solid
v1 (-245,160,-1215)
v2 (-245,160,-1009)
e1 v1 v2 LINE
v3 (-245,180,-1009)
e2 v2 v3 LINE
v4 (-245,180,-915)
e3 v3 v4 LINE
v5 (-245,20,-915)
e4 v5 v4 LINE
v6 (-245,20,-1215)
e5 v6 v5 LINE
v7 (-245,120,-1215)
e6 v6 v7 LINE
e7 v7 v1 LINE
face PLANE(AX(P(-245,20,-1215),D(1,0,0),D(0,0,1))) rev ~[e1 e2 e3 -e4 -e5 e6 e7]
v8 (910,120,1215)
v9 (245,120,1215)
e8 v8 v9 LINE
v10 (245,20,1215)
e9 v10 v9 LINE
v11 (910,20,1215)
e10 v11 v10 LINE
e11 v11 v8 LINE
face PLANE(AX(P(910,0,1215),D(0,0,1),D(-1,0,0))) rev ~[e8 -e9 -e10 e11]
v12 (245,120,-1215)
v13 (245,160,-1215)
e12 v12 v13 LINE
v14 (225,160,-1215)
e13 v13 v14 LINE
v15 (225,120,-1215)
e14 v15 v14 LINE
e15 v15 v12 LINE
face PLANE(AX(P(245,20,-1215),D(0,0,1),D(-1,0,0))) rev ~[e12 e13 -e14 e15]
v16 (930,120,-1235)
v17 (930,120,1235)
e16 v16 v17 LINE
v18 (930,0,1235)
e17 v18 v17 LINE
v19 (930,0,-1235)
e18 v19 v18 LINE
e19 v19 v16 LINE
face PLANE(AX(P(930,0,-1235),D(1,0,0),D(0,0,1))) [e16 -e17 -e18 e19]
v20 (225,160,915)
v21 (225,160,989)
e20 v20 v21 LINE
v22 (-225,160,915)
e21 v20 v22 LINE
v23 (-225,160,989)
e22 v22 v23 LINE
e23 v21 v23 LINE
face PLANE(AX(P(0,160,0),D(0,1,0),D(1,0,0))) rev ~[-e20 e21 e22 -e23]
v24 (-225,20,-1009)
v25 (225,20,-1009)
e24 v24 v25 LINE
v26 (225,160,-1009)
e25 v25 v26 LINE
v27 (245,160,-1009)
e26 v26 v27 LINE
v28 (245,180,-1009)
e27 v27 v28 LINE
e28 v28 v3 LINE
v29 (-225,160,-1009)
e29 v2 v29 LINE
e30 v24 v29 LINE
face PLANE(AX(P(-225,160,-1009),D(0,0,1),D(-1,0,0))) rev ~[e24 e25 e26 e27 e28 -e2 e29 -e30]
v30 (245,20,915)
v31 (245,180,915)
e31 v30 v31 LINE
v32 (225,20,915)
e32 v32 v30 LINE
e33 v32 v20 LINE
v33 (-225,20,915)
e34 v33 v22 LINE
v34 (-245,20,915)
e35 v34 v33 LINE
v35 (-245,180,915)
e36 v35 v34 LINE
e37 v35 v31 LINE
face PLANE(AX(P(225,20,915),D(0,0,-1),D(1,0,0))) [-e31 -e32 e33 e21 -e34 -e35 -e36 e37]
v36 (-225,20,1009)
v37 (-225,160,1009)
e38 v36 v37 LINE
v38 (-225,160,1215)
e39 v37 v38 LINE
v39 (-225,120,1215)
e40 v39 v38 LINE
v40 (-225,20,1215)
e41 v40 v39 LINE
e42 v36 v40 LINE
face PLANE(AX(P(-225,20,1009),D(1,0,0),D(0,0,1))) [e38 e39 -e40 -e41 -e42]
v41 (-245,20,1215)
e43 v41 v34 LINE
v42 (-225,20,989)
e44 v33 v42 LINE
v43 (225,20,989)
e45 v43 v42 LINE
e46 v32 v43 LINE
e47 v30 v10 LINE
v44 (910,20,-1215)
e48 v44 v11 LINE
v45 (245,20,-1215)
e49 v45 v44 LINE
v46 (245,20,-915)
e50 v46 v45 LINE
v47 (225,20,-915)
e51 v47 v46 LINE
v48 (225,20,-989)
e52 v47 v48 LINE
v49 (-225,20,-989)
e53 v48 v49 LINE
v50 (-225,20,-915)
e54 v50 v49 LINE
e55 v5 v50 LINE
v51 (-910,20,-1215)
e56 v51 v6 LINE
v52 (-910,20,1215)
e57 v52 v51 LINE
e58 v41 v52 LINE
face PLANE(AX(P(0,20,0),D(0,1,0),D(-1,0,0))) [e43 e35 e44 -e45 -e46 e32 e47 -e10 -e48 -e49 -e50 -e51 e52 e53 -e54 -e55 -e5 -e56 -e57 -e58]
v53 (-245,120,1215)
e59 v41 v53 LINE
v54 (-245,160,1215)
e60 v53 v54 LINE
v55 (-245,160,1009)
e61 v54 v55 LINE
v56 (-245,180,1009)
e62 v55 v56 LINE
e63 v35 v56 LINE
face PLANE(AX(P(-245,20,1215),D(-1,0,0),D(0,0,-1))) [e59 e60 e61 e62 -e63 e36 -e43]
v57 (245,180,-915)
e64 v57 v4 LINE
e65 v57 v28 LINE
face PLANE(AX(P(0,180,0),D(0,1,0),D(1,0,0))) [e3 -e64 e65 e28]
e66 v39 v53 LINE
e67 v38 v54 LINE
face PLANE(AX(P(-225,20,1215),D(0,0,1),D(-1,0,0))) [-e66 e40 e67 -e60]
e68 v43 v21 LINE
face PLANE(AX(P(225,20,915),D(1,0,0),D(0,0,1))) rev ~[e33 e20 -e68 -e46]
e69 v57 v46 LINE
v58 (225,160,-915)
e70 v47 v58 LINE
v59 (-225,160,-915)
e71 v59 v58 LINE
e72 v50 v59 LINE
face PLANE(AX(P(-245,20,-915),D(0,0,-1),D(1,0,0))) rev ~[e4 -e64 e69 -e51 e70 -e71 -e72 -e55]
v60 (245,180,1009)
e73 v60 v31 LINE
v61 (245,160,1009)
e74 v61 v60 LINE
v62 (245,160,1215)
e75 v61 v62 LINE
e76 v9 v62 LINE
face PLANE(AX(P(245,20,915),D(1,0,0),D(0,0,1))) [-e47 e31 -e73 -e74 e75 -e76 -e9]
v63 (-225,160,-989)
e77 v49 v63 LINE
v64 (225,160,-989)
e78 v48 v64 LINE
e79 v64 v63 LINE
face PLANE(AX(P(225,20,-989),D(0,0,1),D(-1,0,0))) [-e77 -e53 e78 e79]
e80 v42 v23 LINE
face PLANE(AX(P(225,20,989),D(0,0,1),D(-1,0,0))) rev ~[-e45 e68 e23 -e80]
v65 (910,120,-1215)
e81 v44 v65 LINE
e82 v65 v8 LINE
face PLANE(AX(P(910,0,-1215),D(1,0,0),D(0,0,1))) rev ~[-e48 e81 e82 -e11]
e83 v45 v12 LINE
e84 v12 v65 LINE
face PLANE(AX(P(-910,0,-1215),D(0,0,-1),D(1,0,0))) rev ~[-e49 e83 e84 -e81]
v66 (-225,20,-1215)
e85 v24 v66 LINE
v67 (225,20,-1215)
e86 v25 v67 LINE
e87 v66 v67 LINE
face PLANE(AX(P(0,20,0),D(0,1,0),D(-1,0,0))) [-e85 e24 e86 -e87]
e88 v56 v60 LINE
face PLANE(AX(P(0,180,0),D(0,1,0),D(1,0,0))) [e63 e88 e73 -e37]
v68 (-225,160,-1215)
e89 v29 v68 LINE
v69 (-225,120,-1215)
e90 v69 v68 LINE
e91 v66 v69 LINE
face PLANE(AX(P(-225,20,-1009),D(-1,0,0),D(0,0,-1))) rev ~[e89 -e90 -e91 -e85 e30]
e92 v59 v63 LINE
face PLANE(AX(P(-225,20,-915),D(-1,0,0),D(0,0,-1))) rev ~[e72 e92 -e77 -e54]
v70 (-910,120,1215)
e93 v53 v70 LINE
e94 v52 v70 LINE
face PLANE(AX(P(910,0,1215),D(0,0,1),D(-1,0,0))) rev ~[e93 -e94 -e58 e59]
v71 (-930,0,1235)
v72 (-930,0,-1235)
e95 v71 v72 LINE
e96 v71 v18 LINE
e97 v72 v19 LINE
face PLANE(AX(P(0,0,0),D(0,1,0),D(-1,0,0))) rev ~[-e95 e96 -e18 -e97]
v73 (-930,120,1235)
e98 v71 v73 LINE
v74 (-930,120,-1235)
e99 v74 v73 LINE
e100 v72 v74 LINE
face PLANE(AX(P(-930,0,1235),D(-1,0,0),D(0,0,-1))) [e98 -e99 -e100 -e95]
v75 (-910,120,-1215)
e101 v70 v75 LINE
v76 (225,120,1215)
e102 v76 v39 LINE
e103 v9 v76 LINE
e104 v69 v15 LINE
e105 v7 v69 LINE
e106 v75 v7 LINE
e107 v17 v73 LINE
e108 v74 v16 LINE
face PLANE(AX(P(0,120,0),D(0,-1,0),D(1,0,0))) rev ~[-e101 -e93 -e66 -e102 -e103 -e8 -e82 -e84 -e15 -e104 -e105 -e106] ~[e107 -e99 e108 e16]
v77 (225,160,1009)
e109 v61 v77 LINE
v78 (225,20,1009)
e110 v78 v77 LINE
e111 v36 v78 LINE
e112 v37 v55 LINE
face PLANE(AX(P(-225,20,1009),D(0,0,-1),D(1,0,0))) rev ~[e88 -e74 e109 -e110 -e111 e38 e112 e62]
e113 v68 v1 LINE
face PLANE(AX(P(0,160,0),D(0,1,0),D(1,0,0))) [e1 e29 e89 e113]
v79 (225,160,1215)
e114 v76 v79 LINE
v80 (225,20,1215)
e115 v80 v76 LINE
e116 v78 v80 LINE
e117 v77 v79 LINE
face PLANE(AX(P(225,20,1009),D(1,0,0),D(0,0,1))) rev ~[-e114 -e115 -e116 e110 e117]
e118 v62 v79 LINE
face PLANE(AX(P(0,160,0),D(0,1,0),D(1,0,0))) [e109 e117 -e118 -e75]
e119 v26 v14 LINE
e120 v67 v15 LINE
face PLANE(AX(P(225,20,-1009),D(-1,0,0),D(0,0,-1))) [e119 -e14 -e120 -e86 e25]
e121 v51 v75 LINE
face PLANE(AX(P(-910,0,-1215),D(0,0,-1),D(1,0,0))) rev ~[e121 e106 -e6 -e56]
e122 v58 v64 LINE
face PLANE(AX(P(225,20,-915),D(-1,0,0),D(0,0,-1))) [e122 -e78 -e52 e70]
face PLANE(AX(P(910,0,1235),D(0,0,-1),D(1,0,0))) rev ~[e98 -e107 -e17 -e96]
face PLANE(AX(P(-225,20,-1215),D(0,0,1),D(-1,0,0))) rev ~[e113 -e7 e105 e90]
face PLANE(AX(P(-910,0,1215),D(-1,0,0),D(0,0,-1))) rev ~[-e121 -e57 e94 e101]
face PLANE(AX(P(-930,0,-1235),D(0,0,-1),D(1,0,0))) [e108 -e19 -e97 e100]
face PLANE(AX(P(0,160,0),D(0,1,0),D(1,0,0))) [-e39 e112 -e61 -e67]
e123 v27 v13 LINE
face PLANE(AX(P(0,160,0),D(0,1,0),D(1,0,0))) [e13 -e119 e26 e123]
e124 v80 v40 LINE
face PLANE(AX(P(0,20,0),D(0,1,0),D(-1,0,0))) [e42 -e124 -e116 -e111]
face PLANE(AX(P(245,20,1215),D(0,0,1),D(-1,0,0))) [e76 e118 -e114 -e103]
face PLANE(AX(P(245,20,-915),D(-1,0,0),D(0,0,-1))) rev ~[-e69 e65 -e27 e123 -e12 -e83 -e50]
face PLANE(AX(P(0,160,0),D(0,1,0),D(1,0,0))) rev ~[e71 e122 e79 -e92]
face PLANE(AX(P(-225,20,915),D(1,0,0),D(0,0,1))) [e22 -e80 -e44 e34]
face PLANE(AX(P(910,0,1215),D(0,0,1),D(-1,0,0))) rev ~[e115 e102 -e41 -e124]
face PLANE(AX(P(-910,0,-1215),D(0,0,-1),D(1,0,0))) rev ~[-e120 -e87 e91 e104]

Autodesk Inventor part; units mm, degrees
ref_plane "YZ Plane" through (0, 0, 0) normal (1, 0, 0) x (0, 1, 0)
ref_plane "XZ Plane" through (0, 0, 0) normal (0, 1, 0) x (-1, 0, 0)
ref_plane "XY Plane" through (0, 0, 0) normal (0, 0, 1) x (1, 0, 0)
sketch "Sketch1" plane through (0, 0, 0) normal (0, 1, 0) x (-1, 0, 0)
  line L0 (-910, 1215) -> (910, 1215)
  line L1 (910, 1215) -> (910, -1215)
  line L2 (910, -1215) -> (-910, -1215)
  line L3 (-910, -1215) -> (-910, 1215)
  line L4 (-910, 1215) -> (910, -1215) construction
  line L5 (910, 1215) -> (-910, -1215) construction
  point P0 (0, 0)
  dimension "d0" = 1820
  dimension "d1" = 2430
extrude "Extrusion1" add sketch "Sketch1" along normal blind 20
sketch "Sketch2" plane through (0, 20, 0) normal (0, 1, 0) x (1, 0, 0)
  point P0 (0, 0)
sketch "Sketch3" plane through (0, 0, 0) normal (0, -1, 0) x (1, 0, 0)
  line L0 (910, 1215) -> (-910, 1215) projected
  line L1 (-910, 1215) -> (-910, -1215) projected
  line L2 (-910, -1215) -> (910, -1215) projected
  line L3 (910, -1215) -> (910, 1215) projected
  line L4 (910, 1215) -> (910, 1235)
  line L5 (910, 1235) -> (930, 1235)
  line L6 (-910, -1215) -> (-930, -1215)
  line L7 (-930, -1215) -> (-930, -1235)
  line L8 (-930, -1235) -> (930, -1235)
  line L9 (930, -1235) -> (930, 1235)
  line L10 (930, 1235) -> (-930, 1235)
  line L11 (-930, 1235) -> (-930, -1235)
  point P0 (0, 0)
  dimension "d4" = 20
  dimension "d5" = 20
  dimension "d6" = 20
  dimension "d7" = 20
extrude "Extrusion2" add sketch "Sketch3" against normal blind 120 contours L4 L5 L9 L8 L7 L6 L2 L3 | L0 L1 L6 L11 L10 L4
sketch "Sketch6" plane through (0, 20, 0) normal (0, 1, 0) x (1, 0, 0)
  line L0 (910, -1215) -> (-910, -1215) projected
  line L1 (225, -915) -> (245, -915)
  line L2 (245, -915) -> (245, -1215)
  line L3 (225, -915) -> (225, -989)
  line L4 (225, -989) -> (-225, -989)
  line L5 (-225, -1215) -> (-245, -1215)
  line L6 (-245, -1215) -> (-245, -915)
  line L7 (-245, -915) -> (-225, -915)
  line L8 (-225, -915) -> (-225, -989)
  line L9 (-225, -1009) -> (225, -1009)
  line L10 (225, -1009) -> (225, -1215)
  line L11 (-225, -1009) -> (-225, -1215)
  line L12 (245, -1215) -> (225, -1215)
  line L13 (225, 915) -> (245, 915)
  line L14 (245, 915) -> (245, 1215)
  line L15 (225, 915) -> (225, 989)
  line L16 (225, 989) -> (-225, 989)
  line L17 (-225, 1215) -> (-245, 1215)
  line L18 (-245, 1215) -> (-245, 915)
  line L19 (-245, 915) -> (-225, 915)
  line L20 (-225, 915) -> (-225, 989)
  line L21 (-225, 1009) -> (225, 1009)
  line L22 (225, 1009) -> (225, 1215)
  line L23 (-225, 1009) -> (-225, 1215)
  line L24 (245, 1215) -> (225, 1215)
  point P0 (0, 0)
  dimension "d22" = 20
  dimension "d23" = 74
  dimension "d24" = 450
  dimension "d25" = 20
  dimension "d26" = 20
extrude "Extrusion3" add sketch "Sketch6" along normal blind 140 contours L0 L10 L9 L11 L6 L7 L8 L4 L3 L1 L2 | L15 L16 L20 L19 L18 L17 L23 L21 L22 L24 L14 L13
sketch "Sketch7" plane through (0, 160, 0) normal (0, 1, 0) x (1, 0, 0)
  line L0 (225, -915) -> (225, -989) projected
  line L1 (225, -989) -> (-225, -989) projected
  line L2 (-225, -989) -> (-225, -915) projected
  line L3 (-225, -915) -> (-245, -915) projected
  line L4 (-245, -915) -> (-245, -1215) projected
  line L5 (-245, -1215) -> (-225, -1215) projected
  line L6 (-225, -1215) -> (-225, -1009) projected
  line L7 (-225, -1009) -> (225, -1009) projected
  line L8 (225, -1009) -> (225, -1215) projected
  line L9 (225, -1215) -> (245, -1215) projected
  line L10 (245, -1215) -> (245, -915) projected
  line L11 (245, -915) -> (225, -915) projected
  line L12 (-225, 989) -> (225, 989) projected
  line L13 (225, 989) -> (225, 915) projected
  line L14 (225, 915) -> (245, 915) projected
  line L15 (245, 915) -> (245, 1215) projected
  line L16 (245, 1215) -> (225, 1215) projected
  line L17 (225, 1215) -> (225, 1009) projected
  line L18 (225, 1009) -> (-225, 1009) projected
  line L19 (-225, 1009) -> (-225, 1215) projected
  line L20 (-225, 1215) -> (-245, 1215) projected
  line L21 (-245, 1215) -> (-245, 915) projected
  line L22 (-245, 915) -> (-225, 915) projected
  line L23 (-225, 915) -> (-225, 989) projected
  line L24 (245, -1215) -> (245, -915) projected
  line L25 (-245, -915) -> (245, -915)
  line L26 (245, -915) -> (245, -1009)
  line L27 (245, -1009) -> (-245, -1009)
  line L28 (-245, -1009) -> (-245, -915)
  line L29 (245, 915) -> (245, 1215) projected
  line L30 (245, 1009) -> (-245, 1009)
  line L31 (-245, 1009) -> (-245, 915)
  line L32 (-245, 915) -> (245, 915)
  line L33 (245, 915) -> (245, 1009)
  point P0 (0, 0)
extrude "Extrusion4" add sketch "Sketch7" along normal blind 20 contours L11 L10 L27 L7 L4 L3 L2 L1 L0 | L0 L1 L2 L25 | L23 L22 L21 L30 L18 L15 L14 L13 L12 | L12 L13 L32 L23
properties part number "Field"
